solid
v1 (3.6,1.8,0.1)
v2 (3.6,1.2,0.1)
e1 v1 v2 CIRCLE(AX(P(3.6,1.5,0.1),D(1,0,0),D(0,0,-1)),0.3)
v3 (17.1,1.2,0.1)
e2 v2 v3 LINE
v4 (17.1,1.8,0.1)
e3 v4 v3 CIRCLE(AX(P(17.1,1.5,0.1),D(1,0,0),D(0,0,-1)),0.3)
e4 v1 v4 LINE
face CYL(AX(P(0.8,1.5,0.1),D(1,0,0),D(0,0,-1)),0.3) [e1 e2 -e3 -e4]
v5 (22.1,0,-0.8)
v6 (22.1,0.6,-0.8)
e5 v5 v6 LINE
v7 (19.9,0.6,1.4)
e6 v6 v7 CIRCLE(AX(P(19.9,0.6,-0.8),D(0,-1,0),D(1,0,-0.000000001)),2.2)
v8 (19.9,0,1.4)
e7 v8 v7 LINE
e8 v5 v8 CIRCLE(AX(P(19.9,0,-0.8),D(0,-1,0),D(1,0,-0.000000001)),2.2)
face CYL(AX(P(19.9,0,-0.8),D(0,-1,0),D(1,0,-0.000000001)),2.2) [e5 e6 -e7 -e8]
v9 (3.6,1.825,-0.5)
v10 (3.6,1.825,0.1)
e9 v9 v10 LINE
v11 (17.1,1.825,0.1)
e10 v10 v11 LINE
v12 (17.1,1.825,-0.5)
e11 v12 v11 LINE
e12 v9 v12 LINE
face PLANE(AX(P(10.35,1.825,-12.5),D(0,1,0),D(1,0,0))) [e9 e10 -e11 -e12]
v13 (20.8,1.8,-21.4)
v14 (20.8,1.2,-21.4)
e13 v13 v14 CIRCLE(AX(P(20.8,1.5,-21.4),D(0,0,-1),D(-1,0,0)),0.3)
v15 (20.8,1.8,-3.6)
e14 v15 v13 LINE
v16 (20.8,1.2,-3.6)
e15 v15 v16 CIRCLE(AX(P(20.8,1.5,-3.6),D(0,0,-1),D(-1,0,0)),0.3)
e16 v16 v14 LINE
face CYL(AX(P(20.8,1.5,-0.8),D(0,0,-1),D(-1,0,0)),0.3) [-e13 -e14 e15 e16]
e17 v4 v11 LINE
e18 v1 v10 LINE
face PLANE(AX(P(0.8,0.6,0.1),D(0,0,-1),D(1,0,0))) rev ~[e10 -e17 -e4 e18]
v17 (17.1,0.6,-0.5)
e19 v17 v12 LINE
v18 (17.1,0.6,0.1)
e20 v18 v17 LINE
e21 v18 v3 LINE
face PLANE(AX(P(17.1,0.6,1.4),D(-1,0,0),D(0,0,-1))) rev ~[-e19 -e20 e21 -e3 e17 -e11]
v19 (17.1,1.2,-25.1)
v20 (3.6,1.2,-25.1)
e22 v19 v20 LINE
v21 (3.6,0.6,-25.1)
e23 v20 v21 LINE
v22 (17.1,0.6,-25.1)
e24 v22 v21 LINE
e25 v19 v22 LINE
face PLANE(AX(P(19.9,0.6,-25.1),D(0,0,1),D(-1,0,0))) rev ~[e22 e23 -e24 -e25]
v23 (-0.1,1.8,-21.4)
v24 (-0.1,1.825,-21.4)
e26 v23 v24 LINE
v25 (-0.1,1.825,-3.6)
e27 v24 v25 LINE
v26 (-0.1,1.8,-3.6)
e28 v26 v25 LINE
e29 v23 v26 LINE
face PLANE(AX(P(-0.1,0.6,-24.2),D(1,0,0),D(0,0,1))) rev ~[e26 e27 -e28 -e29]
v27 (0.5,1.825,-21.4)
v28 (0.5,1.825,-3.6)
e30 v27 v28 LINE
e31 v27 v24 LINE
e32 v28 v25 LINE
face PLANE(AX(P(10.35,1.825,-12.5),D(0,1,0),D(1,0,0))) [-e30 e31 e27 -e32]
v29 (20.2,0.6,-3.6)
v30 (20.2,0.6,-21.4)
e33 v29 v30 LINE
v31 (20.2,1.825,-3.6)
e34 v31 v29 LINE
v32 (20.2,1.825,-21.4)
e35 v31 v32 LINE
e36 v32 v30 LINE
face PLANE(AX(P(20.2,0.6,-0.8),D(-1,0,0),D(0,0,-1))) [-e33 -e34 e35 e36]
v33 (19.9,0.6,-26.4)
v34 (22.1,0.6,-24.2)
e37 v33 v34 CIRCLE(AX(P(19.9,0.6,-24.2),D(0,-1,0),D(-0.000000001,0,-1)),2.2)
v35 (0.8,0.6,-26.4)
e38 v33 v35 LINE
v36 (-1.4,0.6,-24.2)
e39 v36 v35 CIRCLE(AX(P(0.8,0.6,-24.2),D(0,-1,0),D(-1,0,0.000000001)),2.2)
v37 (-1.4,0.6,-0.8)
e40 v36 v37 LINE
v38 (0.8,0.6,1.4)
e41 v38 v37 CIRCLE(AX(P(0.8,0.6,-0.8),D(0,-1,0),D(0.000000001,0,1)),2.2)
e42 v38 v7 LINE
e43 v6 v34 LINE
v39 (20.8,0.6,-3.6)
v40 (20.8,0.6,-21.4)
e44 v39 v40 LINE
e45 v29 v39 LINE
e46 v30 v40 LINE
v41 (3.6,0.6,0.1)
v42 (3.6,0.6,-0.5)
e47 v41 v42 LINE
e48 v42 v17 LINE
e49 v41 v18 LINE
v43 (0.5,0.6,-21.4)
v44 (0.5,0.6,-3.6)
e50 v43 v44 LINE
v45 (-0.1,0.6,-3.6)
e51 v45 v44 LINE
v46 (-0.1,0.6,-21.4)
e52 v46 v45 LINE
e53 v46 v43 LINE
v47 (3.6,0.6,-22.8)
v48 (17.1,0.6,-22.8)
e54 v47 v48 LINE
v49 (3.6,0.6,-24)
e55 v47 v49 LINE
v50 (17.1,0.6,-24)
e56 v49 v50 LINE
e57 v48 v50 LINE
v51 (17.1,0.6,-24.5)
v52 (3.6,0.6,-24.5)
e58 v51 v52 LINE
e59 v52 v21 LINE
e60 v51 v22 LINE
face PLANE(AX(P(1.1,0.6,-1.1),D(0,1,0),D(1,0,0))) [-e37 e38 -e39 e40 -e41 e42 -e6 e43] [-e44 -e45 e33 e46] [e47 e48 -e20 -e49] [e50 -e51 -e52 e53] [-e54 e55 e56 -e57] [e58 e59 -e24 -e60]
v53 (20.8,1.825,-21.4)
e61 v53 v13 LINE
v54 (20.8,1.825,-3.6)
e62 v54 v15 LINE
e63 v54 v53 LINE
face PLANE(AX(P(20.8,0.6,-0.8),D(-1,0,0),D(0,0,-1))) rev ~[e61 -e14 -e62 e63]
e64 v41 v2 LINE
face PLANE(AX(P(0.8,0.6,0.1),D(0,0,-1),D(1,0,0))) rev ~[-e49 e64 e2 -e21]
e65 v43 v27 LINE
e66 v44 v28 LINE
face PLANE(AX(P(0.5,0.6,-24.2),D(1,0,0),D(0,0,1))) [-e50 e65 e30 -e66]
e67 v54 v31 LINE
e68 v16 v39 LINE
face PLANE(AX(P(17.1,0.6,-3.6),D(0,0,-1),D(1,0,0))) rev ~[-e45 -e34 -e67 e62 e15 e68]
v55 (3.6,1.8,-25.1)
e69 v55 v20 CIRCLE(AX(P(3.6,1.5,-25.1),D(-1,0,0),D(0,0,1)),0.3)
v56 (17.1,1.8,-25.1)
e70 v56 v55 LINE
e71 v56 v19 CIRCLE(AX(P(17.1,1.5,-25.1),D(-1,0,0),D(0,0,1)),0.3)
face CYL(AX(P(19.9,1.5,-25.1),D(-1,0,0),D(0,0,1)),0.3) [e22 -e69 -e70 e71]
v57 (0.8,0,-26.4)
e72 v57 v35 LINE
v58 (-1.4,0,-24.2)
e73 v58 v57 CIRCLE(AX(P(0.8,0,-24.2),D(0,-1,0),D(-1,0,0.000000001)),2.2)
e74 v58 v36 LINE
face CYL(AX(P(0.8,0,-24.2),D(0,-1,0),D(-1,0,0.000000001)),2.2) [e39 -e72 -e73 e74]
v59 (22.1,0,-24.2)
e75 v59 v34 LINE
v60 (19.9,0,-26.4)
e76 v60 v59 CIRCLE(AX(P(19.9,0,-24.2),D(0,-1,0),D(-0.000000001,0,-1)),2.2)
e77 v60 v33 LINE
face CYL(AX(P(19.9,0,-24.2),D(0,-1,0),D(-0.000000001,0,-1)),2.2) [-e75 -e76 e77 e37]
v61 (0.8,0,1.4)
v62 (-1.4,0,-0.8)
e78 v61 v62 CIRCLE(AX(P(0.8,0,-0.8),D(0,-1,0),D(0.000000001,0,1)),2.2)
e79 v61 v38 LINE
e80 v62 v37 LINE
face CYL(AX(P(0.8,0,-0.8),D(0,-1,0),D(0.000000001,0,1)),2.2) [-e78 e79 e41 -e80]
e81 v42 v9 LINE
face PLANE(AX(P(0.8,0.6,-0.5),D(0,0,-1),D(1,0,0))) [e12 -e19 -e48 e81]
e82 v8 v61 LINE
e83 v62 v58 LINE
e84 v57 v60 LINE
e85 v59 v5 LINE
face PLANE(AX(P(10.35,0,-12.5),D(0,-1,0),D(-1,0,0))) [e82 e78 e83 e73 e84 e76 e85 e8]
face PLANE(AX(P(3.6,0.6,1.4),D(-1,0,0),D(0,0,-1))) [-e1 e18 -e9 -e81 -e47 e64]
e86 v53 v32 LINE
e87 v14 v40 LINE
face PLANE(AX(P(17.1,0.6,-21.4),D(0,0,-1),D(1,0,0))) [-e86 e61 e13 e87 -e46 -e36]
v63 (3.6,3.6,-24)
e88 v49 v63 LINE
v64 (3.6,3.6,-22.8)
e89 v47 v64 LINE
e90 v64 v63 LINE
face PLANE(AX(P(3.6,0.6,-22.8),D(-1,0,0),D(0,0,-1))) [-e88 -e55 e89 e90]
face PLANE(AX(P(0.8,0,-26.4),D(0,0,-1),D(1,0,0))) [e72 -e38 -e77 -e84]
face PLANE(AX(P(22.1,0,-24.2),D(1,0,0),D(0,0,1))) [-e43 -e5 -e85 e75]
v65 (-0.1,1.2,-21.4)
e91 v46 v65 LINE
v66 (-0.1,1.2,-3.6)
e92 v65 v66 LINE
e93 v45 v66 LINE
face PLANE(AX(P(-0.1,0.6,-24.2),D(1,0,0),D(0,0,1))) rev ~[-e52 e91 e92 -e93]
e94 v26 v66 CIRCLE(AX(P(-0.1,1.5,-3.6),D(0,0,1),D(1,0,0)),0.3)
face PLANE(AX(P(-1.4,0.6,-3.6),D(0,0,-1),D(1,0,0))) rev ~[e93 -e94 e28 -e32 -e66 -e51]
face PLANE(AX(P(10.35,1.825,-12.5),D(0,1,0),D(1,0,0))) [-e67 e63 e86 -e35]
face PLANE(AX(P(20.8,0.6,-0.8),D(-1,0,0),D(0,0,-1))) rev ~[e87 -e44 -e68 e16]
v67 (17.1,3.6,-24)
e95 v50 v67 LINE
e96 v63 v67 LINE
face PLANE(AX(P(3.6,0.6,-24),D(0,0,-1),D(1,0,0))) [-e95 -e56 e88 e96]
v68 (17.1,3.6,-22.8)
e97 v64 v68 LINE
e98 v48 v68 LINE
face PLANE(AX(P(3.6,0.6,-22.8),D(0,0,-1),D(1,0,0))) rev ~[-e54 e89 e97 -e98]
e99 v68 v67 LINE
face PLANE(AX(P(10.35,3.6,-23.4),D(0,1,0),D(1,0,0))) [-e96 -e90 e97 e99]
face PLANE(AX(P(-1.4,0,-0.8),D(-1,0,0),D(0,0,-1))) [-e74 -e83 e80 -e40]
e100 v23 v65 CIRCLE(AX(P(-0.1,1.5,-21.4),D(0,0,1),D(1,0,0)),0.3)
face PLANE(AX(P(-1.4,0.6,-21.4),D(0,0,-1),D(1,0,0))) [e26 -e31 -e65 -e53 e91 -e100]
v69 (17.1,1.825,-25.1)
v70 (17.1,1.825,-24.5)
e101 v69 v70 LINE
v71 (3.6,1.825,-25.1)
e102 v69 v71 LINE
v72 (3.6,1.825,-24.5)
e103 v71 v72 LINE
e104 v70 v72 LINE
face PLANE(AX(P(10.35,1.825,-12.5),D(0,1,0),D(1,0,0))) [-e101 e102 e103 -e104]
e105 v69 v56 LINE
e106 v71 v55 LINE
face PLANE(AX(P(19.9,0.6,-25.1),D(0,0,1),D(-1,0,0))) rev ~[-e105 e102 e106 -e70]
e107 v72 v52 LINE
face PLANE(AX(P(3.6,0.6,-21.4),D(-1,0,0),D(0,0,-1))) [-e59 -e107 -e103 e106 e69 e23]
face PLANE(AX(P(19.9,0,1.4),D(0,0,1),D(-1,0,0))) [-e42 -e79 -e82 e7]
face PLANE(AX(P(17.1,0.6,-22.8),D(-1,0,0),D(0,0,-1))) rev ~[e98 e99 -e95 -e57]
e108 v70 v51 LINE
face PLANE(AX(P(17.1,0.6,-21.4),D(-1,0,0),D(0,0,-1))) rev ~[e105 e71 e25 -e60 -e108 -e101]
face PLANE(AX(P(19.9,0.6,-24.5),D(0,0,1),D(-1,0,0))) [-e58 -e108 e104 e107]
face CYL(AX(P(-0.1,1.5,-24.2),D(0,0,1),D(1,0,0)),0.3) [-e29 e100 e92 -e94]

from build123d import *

# Parameters (mm, degrees)
BOSS_EXTRUDE5_DEPTH = 0.6
BOSS_EXTRUDE6_DEPTH = 1.225
SKETCH15_R          = 0.3
SKETCH17_W          = 5
SKETCH17_H          = 5
CUT_EXTRUDE1_DEPTH  = 10
SKETCH18_W          = 13.5
SKETCH18_H          = 1.2
BOSS_EXTRUDE7_DEPTH = 3


with BuildPart() as part:
    # Sketch1 → Boss-Extrude5 (new body)
    with BuildSketch(Plane(origin=(0, 0, 0), x_dir=(1, 0, 0), z_dir=(0, 1, 0))):
        with BuildLine():
            Line((0.8, 26.4), (19.9, 26.4))
            ThreePointArc((19.9, 26.4), (21.455634919, 25.755634919), (22.1, 24.2))
            Line((22.1, 24.2), (22.1, 0.8))
            ThreePointArc((22.1, 0.8), (21.455634919, -0.755634919), (19.9, -1.4))
            Line((19.9, -1.4), (0.8, -1.4))
            ThreePointArc((0.8, -1.4), (-0.755634919, -0.755634919), (-1.4, 0.8))
            Line((-1.4, 0.8), (-1.4, 24.2))
            ThreePointArc((-1.4, 24.2), (-0.755634919, 25.755634919), (0.8, 26.4))
        make_face()
    extrude(amount=BOSS_EXTRUDE5_DEPTH)

    # Sketch13 → Boss-Extrude6 (add)
    with BuildSketch(Plane(origin=(0, 0.6, 0), x_dir=(1, 0, 0), z_dir=(0, 1, 0))):
        with BuildLine():
            Line((-0.1, 24.2), (-0.1, 0.8))
            ThreePointArc((-0.1, 0.8), (0.163603897, 0.163603897), (0.8, -0.1))
            Line((0.8, -0.1), (19.9, -0.1))
            ThreePointArc((19.9, -0.1), (20.536396103, 0.163603897), (20.8, 0.8))
            Line((20.8, 0.8), (20.8, 24.2))
            ThreePointArc((20.8, 24.2), (20.536396103, 24.836396103), (19.9, 25.1))
            Line((19.9, 25.1), (0.8, 25.1))
            ThreePointArc((0.8, 25.1), (0.163603897, 24.836396103), (-0.1, 24.2))
        make_face()
        with BuildLine():
            Line((19.9, 24.5), (0.8, 24.5))
            ThreePointArc((0.8, 24.5), (0.587867966, 24.412132034), (0.5, 24.2))
            Line((0.5, 24.2), (0.5, 0.8))
            ThreePointArc((0.5, 0.8), (0.587867966, 0.587867966), (0.8, 0.5))
            Line((0.8, 0.5), (19.9, 0.5))
            ThreePointArc((19.9, 0.5), (20.112132034, 0.587867966), (20.2, 0.8))
            Line((20.2, 0.8), (20.2, 24.2))
            ThreePointArc((20.2, 24.2), (20.112132034, 24.412132034), (19.9, 24.5))
        make_face(mode=Mode.SUBTRACT)
    extrude(amount=BOSS_EXTRUDE6_DEPTH)

    # Sweep1: sweep along a path in Sketch16
    with BuildLine(Plane(origin=(0, 1.825, 0), x_dir=(1, 0, 0), z_dir=(0, 1, 0))) as sweep1_path:
        Line((-0.1, 24.2), (-0.1, 0.8))
        ThreePointArc((-0.1, 0.8), (0.163603897, 0.163603897), (0.8, -0.1))
        Line((0.8, -0.1), (19.9, -0.1))
        ThreePointArc((19.9, -0.1), (20.536396103, 0.163603897), (20.8, 0.8))
        Line((20.8, 0.8), (20.8, 24.2))
        ThreePointArc((20.8, 24.2), (20.536396103, 24.836396103), (19.9, 25.1))
        Line((19.9, 25.1), (0.8, 25.1))
        ThreePointArc((0.8, 25.1), (0.163603897, 24.836396103), (-0.1, 24.2))
    # Sketch15 → Sweep1 (sweep)
    with BuildSketch(Plane(origin=(0, 0, -10.5), x_dir=(-1, 0, 0), z_dir=(0, 0, -1))):
        with Locations((-20.8, 1.5)):
            Circle(SKETCH15_R)
    sweep(path=sweep1_path.line)

    # Sketch17 → Cut-Extrude1 (cut)
    with BuildSketch(Plane(origin=(0, 0.6, 0), x_dir=(1, 0, 0), z_dir=(0, 1, 0))):
        with Locations((1.1, 23.9)):
            Rectangle(SKETCH17_W, SKETCH17_H)
        with Locations((19.6, 23.9)):
            Rectangle(SKETCH17_W, SKETCH17_H)
        with Locations((19.6, 1.1)):
            Rectangle(SKETCH17_W, SKETCH17_H)
        with Locations((1.1, 1.1)):
            Rectangle(SKETCH17_W, SKETCH17_H)
    extrude(amount=CUT_EXTRUDE1_DEPTH, mode=Mode.SUBTRACT)

    # Sketch18 → Boss-Extrude7 (add)
    with BuildSketch(Plane(origin=(0, 0.6, 0), x_dir=(1, 0, 0), z_dir=(0, 1, 0))):
        with Locations((10.35, 23.4)):
            Rectangle(SKETCH18_W, SKETCH18_H)
    extrude(amount=BOSS_EXTRUDE7_DEPTH)


solid = part.part
